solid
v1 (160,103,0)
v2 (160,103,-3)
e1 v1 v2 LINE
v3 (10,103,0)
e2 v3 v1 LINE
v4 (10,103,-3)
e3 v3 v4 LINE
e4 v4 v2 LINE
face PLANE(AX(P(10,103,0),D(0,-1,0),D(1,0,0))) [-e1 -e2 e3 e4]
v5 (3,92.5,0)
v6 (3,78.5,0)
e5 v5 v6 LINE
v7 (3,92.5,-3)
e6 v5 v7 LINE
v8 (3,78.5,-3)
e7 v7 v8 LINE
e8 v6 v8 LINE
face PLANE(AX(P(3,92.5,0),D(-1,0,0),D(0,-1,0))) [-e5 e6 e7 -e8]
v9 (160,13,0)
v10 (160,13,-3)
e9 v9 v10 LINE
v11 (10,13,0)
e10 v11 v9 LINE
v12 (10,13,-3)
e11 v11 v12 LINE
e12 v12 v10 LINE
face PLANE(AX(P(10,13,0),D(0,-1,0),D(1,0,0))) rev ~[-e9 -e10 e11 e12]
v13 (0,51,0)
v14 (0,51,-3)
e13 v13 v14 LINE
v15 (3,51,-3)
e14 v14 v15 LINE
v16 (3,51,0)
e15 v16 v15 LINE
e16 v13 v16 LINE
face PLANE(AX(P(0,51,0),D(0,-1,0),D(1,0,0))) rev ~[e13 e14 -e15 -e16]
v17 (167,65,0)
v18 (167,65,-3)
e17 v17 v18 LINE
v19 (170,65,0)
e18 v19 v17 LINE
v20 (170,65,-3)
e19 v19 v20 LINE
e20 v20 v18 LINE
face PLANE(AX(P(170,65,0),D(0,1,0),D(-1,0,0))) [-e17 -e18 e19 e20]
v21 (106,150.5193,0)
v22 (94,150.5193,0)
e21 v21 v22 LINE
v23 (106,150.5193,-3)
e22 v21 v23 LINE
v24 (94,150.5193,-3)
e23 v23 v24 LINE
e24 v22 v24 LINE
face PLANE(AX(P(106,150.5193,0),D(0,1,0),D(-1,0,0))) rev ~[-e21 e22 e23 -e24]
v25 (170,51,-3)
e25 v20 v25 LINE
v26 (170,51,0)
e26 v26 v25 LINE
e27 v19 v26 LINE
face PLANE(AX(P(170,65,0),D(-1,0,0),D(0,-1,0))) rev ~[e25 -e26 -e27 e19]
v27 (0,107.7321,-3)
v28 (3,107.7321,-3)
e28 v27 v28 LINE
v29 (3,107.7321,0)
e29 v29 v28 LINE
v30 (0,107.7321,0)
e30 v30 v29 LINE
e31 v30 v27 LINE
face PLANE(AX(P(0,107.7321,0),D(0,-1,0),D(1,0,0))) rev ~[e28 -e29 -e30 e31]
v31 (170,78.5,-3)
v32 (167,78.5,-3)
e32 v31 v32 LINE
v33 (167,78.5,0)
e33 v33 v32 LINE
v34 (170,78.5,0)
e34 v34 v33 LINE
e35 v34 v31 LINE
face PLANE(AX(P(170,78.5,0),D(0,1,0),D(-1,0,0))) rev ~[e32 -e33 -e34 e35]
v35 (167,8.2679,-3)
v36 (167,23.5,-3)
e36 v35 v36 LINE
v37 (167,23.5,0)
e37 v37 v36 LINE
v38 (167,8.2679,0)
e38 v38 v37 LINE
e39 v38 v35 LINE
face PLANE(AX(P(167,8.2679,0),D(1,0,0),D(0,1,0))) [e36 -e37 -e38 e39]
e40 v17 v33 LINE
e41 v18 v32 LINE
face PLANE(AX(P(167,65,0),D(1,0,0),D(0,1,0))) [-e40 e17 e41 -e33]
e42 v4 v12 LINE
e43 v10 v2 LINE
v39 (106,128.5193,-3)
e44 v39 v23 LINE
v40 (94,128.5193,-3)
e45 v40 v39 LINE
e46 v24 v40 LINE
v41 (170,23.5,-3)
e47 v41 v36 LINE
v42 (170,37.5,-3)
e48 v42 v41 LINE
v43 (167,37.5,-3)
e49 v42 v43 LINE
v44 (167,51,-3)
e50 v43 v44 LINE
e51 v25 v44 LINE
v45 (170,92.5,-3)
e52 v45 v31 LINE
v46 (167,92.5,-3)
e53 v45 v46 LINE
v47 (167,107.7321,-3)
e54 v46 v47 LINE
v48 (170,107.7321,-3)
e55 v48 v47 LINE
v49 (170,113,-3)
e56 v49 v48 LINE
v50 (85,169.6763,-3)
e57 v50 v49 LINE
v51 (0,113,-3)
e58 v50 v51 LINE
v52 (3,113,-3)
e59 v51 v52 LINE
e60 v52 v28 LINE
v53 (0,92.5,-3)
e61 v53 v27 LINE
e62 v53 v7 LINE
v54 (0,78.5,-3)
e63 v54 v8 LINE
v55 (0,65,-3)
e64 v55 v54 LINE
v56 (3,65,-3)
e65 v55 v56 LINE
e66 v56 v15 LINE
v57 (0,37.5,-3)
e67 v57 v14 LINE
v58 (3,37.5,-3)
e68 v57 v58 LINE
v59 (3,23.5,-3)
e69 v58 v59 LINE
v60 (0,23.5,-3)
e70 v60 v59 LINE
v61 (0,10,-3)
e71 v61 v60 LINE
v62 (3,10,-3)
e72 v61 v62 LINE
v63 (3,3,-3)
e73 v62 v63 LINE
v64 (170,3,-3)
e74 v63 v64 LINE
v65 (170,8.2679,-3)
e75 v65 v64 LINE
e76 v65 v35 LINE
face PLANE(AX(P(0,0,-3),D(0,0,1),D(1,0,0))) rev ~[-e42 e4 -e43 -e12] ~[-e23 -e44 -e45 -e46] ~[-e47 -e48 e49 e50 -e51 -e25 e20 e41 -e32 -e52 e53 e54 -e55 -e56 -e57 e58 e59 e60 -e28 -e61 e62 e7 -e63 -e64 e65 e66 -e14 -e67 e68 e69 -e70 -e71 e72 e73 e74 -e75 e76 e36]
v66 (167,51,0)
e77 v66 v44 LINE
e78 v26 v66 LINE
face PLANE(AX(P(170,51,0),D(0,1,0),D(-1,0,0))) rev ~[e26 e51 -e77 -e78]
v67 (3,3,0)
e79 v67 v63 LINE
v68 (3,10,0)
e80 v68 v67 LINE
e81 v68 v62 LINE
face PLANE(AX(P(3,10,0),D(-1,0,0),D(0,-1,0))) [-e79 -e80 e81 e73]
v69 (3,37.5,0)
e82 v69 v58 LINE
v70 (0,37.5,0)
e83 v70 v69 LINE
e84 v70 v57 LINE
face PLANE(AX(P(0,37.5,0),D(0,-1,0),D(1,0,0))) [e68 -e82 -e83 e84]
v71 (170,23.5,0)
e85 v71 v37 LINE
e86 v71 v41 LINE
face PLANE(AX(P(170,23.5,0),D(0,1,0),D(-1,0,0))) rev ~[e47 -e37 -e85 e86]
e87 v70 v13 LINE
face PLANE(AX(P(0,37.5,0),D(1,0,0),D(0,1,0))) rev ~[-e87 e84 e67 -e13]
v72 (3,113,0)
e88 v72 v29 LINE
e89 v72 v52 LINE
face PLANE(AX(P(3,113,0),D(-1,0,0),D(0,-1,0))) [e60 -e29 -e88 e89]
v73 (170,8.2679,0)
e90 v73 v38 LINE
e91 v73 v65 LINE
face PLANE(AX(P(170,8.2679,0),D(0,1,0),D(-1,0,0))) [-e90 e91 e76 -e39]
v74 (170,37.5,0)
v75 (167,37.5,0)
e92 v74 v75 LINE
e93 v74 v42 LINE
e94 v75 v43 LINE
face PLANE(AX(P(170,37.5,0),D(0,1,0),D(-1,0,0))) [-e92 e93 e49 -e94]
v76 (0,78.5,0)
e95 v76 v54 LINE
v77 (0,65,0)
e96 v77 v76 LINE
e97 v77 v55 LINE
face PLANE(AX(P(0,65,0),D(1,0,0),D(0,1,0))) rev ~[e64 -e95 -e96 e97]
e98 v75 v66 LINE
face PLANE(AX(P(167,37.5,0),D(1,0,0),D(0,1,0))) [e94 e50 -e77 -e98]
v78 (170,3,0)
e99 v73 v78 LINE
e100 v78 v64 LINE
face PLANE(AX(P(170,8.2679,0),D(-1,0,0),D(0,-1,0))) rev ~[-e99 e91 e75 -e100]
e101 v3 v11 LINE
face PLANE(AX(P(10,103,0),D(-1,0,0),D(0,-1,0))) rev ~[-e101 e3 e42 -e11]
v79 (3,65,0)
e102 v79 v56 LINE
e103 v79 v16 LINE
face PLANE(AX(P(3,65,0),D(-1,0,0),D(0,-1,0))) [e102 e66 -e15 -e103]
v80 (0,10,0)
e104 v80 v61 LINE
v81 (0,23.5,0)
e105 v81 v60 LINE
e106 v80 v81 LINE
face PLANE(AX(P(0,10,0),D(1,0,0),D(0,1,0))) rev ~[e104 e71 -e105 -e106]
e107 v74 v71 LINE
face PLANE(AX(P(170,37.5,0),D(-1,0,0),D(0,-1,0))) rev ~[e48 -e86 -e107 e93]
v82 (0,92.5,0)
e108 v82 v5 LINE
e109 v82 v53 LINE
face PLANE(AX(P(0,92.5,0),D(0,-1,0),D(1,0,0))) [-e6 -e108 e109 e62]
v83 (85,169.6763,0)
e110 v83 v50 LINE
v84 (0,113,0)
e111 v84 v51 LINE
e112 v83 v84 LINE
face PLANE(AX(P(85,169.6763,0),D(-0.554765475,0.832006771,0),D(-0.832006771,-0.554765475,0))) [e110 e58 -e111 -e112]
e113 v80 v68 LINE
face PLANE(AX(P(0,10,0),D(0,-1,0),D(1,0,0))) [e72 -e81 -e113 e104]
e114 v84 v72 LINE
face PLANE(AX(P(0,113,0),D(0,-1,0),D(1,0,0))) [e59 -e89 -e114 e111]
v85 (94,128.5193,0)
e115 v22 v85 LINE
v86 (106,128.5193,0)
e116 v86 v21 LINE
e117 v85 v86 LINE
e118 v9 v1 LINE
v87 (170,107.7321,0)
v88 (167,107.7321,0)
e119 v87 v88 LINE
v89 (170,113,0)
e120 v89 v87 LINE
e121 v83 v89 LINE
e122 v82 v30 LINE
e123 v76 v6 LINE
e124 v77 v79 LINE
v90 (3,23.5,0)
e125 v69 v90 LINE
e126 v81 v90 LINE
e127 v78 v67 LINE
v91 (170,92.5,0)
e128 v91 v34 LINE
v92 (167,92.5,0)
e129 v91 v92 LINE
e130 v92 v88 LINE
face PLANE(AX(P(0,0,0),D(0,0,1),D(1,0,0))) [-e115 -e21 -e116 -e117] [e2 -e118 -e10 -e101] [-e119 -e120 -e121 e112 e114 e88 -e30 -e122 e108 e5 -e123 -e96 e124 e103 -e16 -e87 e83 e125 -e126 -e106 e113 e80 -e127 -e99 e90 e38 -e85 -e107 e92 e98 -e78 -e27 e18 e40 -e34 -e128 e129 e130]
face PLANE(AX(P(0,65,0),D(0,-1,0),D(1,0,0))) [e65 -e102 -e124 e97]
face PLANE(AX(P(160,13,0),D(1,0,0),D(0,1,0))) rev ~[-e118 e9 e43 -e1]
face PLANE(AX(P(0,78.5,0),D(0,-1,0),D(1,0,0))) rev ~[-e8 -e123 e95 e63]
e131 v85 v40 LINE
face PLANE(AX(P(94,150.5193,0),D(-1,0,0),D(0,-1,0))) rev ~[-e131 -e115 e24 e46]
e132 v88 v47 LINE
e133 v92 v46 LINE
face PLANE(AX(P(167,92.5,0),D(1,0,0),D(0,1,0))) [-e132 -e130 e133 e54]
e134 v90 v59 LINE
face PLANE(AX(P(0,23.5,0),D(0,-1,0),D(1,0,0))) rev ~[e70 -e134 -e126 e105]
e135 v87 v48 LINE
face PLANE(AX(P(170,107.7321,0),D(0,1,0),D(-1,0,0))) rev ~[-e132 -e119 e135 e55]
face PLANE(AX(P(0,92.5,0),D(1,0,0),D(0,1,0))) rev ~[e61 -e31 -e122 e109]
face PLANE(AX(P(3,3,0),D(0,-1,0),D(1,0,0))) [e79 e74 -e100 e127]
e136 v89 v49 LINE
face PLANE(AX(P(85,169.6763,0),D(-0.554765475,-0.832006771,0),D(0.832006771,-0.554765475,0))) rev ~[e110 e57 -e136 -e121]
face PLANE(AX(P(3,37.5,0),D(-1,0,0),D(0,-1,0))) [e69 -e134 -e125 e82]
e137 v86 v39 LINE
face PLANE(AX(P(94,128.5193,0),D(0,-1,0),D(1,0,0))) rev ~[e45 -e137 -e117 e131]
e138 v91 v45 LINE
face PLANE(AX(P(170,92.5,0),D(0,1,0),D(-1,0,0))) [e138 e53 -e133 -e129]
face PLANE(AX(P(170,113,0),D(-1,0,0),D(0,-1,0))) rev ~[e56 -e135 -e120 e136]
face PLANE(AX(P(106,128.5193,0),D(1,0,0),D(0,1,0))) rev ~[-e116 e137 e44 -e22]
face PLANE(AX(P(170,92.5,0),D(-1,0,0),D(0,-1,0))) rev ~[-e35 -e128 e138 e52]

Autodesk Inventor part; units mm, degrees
ref_plane "YZ Plane" through (0, 0, 0) normal (1, 0, 0) x (0, 1, 0)
ref_plane "XZ Plane" through (0, 0, 0) normal (0, 1, 0) x (-1, 0, 0)
ref_plane "XY Plane" through (0, 0, 0) normal (0, 0, 1) x (1, 0, 0)
sketch "Boceto1" plane through (0, 0, 0) normal (0, 0, 1) x (1, 0, 0)
  line L0 (0, 3) -> (170, 3) projected
  line L1 (0, 113) -> (170, 113)
  line L2 (10, 103) -> (10, 13)
  line L3 (10, 13) -> (160, 13)
  line L4 (160, 13) -> (160, 103)
  line L5 (10, 103) -> (160, 103)
  line L6 (85, 169.6763) -> (0, 113)
  line L7 (85, 169.6763) -> (170, 113)
  line L8 (106, 128.5193) -> (106, 150.5193) projected
  line L9 (106, 150.5193) -> (94, 150.5193) projected
  line L10 (94, 150.5193) -> (94, 128.5193) projected
  line L11 (94, 128.5193) -> (106, 128.5193) projected
  line L12 (0, 92.5) -> (0, 107.7321) projected
  line L13 (0, 92.5) -> (3, 92.5) projected
  line L14 (3, 107.7321) -> (3, 92.5) projected
  line L15 (0, 107.7321) -> (3, 107.7321) projected
  line L16 (3, 113) -> (3, 107.7321) projected
  line L17 (3, 92.5) -> (3, 78.5) projected
  line L18 (0, 65) -> (0, 78.5) projected
  line L19 (0, 65) -> (3, 65) projected
  line L20 (3, 78.5) -> (3, 65) projected
  line L21 (0, 78.5) -> (3, 78.5) projected
  line L22 (3, 65) -> (3, 51) projected
  line L23 (0, 37.5) -> (0, 51) projected
  line L24 (0, 37.5) -> (3, 37.5) projected
  line L25 (3, 51) -> (3, 37.5) projected
  line L26 (0, 51) -> (3, 51) projected
  line L27 (3, 37.5) -> (3, 23.5) projected
  line L28 (0, 10) -> (0, 23.5) projected
  line L29 (0, 10) -> (3, 10) projected
  line L30 (3, 23.5) -> (3, 10) projected
  line L31 (0, 23.5) -> (3, 23.5) projected
  line L32 (3, 10) -> (3, 3) projected
  line L33 (170, 113) -> (170, 107.7321) projected
  line L34 (170, 113) -> (167, 113) projected
  line L35 (167, 107.7321) -> (167, 113) projected
  line L36 (170, 107.7321) -> (167, 107.7321) projected
  line L37 (167, 92.5) -> (167, 107.7321) projected
  line L38 (170, 92.5) -> (170, 78.5) projected
  line L39 (170, 92.5) -> (167, 92.5) projected
  line L40 (167, 78.5) -> (167, 92.5) projected
  line L41 (170, 78.5) -> (167, 78.5) projected
  line L42 (167, 65) -> (167, 78.5) projected
  line L43 (170, 65) -> (170, 51) projected
  line L44 (170, 65) -> (167, 65) projected
  line L45 (167, 51) -> (167, 65) projected
  line L46 (170, 51) -> (167, 51) projected
  line L47 (167, 37.5) -> (167, 51) projected
  line L48 (170, 37.5) -> (170, 23.5) projected
  line L49 (170, 37.5) -> (167, 37.5) projected
  line L50 (167, 23.5) -> (167, 37.5) projected
  line L51 (170, 23.5) -> (167, 23.5) projected
  line L52 (167, 8.2679) -> (167, 23.5) projected
  line L53 (170, 8.2679) -> (170, 3) projected
  line L54 (170, 8.2679) -> (167, 8.2679) projected
  line L55 (167, 3) -> (167, 8.2679) projected
  line L56 (170, 3) -> (167, 3) projected
  point P0 (86.5, 171.1763)
  point P1 (83.5, 171.1763)
  dimension "d0" = 110
  dimension "d8" = 10
extrude "Extrusión1" add sketch "Boceto1" against normal blind 3
